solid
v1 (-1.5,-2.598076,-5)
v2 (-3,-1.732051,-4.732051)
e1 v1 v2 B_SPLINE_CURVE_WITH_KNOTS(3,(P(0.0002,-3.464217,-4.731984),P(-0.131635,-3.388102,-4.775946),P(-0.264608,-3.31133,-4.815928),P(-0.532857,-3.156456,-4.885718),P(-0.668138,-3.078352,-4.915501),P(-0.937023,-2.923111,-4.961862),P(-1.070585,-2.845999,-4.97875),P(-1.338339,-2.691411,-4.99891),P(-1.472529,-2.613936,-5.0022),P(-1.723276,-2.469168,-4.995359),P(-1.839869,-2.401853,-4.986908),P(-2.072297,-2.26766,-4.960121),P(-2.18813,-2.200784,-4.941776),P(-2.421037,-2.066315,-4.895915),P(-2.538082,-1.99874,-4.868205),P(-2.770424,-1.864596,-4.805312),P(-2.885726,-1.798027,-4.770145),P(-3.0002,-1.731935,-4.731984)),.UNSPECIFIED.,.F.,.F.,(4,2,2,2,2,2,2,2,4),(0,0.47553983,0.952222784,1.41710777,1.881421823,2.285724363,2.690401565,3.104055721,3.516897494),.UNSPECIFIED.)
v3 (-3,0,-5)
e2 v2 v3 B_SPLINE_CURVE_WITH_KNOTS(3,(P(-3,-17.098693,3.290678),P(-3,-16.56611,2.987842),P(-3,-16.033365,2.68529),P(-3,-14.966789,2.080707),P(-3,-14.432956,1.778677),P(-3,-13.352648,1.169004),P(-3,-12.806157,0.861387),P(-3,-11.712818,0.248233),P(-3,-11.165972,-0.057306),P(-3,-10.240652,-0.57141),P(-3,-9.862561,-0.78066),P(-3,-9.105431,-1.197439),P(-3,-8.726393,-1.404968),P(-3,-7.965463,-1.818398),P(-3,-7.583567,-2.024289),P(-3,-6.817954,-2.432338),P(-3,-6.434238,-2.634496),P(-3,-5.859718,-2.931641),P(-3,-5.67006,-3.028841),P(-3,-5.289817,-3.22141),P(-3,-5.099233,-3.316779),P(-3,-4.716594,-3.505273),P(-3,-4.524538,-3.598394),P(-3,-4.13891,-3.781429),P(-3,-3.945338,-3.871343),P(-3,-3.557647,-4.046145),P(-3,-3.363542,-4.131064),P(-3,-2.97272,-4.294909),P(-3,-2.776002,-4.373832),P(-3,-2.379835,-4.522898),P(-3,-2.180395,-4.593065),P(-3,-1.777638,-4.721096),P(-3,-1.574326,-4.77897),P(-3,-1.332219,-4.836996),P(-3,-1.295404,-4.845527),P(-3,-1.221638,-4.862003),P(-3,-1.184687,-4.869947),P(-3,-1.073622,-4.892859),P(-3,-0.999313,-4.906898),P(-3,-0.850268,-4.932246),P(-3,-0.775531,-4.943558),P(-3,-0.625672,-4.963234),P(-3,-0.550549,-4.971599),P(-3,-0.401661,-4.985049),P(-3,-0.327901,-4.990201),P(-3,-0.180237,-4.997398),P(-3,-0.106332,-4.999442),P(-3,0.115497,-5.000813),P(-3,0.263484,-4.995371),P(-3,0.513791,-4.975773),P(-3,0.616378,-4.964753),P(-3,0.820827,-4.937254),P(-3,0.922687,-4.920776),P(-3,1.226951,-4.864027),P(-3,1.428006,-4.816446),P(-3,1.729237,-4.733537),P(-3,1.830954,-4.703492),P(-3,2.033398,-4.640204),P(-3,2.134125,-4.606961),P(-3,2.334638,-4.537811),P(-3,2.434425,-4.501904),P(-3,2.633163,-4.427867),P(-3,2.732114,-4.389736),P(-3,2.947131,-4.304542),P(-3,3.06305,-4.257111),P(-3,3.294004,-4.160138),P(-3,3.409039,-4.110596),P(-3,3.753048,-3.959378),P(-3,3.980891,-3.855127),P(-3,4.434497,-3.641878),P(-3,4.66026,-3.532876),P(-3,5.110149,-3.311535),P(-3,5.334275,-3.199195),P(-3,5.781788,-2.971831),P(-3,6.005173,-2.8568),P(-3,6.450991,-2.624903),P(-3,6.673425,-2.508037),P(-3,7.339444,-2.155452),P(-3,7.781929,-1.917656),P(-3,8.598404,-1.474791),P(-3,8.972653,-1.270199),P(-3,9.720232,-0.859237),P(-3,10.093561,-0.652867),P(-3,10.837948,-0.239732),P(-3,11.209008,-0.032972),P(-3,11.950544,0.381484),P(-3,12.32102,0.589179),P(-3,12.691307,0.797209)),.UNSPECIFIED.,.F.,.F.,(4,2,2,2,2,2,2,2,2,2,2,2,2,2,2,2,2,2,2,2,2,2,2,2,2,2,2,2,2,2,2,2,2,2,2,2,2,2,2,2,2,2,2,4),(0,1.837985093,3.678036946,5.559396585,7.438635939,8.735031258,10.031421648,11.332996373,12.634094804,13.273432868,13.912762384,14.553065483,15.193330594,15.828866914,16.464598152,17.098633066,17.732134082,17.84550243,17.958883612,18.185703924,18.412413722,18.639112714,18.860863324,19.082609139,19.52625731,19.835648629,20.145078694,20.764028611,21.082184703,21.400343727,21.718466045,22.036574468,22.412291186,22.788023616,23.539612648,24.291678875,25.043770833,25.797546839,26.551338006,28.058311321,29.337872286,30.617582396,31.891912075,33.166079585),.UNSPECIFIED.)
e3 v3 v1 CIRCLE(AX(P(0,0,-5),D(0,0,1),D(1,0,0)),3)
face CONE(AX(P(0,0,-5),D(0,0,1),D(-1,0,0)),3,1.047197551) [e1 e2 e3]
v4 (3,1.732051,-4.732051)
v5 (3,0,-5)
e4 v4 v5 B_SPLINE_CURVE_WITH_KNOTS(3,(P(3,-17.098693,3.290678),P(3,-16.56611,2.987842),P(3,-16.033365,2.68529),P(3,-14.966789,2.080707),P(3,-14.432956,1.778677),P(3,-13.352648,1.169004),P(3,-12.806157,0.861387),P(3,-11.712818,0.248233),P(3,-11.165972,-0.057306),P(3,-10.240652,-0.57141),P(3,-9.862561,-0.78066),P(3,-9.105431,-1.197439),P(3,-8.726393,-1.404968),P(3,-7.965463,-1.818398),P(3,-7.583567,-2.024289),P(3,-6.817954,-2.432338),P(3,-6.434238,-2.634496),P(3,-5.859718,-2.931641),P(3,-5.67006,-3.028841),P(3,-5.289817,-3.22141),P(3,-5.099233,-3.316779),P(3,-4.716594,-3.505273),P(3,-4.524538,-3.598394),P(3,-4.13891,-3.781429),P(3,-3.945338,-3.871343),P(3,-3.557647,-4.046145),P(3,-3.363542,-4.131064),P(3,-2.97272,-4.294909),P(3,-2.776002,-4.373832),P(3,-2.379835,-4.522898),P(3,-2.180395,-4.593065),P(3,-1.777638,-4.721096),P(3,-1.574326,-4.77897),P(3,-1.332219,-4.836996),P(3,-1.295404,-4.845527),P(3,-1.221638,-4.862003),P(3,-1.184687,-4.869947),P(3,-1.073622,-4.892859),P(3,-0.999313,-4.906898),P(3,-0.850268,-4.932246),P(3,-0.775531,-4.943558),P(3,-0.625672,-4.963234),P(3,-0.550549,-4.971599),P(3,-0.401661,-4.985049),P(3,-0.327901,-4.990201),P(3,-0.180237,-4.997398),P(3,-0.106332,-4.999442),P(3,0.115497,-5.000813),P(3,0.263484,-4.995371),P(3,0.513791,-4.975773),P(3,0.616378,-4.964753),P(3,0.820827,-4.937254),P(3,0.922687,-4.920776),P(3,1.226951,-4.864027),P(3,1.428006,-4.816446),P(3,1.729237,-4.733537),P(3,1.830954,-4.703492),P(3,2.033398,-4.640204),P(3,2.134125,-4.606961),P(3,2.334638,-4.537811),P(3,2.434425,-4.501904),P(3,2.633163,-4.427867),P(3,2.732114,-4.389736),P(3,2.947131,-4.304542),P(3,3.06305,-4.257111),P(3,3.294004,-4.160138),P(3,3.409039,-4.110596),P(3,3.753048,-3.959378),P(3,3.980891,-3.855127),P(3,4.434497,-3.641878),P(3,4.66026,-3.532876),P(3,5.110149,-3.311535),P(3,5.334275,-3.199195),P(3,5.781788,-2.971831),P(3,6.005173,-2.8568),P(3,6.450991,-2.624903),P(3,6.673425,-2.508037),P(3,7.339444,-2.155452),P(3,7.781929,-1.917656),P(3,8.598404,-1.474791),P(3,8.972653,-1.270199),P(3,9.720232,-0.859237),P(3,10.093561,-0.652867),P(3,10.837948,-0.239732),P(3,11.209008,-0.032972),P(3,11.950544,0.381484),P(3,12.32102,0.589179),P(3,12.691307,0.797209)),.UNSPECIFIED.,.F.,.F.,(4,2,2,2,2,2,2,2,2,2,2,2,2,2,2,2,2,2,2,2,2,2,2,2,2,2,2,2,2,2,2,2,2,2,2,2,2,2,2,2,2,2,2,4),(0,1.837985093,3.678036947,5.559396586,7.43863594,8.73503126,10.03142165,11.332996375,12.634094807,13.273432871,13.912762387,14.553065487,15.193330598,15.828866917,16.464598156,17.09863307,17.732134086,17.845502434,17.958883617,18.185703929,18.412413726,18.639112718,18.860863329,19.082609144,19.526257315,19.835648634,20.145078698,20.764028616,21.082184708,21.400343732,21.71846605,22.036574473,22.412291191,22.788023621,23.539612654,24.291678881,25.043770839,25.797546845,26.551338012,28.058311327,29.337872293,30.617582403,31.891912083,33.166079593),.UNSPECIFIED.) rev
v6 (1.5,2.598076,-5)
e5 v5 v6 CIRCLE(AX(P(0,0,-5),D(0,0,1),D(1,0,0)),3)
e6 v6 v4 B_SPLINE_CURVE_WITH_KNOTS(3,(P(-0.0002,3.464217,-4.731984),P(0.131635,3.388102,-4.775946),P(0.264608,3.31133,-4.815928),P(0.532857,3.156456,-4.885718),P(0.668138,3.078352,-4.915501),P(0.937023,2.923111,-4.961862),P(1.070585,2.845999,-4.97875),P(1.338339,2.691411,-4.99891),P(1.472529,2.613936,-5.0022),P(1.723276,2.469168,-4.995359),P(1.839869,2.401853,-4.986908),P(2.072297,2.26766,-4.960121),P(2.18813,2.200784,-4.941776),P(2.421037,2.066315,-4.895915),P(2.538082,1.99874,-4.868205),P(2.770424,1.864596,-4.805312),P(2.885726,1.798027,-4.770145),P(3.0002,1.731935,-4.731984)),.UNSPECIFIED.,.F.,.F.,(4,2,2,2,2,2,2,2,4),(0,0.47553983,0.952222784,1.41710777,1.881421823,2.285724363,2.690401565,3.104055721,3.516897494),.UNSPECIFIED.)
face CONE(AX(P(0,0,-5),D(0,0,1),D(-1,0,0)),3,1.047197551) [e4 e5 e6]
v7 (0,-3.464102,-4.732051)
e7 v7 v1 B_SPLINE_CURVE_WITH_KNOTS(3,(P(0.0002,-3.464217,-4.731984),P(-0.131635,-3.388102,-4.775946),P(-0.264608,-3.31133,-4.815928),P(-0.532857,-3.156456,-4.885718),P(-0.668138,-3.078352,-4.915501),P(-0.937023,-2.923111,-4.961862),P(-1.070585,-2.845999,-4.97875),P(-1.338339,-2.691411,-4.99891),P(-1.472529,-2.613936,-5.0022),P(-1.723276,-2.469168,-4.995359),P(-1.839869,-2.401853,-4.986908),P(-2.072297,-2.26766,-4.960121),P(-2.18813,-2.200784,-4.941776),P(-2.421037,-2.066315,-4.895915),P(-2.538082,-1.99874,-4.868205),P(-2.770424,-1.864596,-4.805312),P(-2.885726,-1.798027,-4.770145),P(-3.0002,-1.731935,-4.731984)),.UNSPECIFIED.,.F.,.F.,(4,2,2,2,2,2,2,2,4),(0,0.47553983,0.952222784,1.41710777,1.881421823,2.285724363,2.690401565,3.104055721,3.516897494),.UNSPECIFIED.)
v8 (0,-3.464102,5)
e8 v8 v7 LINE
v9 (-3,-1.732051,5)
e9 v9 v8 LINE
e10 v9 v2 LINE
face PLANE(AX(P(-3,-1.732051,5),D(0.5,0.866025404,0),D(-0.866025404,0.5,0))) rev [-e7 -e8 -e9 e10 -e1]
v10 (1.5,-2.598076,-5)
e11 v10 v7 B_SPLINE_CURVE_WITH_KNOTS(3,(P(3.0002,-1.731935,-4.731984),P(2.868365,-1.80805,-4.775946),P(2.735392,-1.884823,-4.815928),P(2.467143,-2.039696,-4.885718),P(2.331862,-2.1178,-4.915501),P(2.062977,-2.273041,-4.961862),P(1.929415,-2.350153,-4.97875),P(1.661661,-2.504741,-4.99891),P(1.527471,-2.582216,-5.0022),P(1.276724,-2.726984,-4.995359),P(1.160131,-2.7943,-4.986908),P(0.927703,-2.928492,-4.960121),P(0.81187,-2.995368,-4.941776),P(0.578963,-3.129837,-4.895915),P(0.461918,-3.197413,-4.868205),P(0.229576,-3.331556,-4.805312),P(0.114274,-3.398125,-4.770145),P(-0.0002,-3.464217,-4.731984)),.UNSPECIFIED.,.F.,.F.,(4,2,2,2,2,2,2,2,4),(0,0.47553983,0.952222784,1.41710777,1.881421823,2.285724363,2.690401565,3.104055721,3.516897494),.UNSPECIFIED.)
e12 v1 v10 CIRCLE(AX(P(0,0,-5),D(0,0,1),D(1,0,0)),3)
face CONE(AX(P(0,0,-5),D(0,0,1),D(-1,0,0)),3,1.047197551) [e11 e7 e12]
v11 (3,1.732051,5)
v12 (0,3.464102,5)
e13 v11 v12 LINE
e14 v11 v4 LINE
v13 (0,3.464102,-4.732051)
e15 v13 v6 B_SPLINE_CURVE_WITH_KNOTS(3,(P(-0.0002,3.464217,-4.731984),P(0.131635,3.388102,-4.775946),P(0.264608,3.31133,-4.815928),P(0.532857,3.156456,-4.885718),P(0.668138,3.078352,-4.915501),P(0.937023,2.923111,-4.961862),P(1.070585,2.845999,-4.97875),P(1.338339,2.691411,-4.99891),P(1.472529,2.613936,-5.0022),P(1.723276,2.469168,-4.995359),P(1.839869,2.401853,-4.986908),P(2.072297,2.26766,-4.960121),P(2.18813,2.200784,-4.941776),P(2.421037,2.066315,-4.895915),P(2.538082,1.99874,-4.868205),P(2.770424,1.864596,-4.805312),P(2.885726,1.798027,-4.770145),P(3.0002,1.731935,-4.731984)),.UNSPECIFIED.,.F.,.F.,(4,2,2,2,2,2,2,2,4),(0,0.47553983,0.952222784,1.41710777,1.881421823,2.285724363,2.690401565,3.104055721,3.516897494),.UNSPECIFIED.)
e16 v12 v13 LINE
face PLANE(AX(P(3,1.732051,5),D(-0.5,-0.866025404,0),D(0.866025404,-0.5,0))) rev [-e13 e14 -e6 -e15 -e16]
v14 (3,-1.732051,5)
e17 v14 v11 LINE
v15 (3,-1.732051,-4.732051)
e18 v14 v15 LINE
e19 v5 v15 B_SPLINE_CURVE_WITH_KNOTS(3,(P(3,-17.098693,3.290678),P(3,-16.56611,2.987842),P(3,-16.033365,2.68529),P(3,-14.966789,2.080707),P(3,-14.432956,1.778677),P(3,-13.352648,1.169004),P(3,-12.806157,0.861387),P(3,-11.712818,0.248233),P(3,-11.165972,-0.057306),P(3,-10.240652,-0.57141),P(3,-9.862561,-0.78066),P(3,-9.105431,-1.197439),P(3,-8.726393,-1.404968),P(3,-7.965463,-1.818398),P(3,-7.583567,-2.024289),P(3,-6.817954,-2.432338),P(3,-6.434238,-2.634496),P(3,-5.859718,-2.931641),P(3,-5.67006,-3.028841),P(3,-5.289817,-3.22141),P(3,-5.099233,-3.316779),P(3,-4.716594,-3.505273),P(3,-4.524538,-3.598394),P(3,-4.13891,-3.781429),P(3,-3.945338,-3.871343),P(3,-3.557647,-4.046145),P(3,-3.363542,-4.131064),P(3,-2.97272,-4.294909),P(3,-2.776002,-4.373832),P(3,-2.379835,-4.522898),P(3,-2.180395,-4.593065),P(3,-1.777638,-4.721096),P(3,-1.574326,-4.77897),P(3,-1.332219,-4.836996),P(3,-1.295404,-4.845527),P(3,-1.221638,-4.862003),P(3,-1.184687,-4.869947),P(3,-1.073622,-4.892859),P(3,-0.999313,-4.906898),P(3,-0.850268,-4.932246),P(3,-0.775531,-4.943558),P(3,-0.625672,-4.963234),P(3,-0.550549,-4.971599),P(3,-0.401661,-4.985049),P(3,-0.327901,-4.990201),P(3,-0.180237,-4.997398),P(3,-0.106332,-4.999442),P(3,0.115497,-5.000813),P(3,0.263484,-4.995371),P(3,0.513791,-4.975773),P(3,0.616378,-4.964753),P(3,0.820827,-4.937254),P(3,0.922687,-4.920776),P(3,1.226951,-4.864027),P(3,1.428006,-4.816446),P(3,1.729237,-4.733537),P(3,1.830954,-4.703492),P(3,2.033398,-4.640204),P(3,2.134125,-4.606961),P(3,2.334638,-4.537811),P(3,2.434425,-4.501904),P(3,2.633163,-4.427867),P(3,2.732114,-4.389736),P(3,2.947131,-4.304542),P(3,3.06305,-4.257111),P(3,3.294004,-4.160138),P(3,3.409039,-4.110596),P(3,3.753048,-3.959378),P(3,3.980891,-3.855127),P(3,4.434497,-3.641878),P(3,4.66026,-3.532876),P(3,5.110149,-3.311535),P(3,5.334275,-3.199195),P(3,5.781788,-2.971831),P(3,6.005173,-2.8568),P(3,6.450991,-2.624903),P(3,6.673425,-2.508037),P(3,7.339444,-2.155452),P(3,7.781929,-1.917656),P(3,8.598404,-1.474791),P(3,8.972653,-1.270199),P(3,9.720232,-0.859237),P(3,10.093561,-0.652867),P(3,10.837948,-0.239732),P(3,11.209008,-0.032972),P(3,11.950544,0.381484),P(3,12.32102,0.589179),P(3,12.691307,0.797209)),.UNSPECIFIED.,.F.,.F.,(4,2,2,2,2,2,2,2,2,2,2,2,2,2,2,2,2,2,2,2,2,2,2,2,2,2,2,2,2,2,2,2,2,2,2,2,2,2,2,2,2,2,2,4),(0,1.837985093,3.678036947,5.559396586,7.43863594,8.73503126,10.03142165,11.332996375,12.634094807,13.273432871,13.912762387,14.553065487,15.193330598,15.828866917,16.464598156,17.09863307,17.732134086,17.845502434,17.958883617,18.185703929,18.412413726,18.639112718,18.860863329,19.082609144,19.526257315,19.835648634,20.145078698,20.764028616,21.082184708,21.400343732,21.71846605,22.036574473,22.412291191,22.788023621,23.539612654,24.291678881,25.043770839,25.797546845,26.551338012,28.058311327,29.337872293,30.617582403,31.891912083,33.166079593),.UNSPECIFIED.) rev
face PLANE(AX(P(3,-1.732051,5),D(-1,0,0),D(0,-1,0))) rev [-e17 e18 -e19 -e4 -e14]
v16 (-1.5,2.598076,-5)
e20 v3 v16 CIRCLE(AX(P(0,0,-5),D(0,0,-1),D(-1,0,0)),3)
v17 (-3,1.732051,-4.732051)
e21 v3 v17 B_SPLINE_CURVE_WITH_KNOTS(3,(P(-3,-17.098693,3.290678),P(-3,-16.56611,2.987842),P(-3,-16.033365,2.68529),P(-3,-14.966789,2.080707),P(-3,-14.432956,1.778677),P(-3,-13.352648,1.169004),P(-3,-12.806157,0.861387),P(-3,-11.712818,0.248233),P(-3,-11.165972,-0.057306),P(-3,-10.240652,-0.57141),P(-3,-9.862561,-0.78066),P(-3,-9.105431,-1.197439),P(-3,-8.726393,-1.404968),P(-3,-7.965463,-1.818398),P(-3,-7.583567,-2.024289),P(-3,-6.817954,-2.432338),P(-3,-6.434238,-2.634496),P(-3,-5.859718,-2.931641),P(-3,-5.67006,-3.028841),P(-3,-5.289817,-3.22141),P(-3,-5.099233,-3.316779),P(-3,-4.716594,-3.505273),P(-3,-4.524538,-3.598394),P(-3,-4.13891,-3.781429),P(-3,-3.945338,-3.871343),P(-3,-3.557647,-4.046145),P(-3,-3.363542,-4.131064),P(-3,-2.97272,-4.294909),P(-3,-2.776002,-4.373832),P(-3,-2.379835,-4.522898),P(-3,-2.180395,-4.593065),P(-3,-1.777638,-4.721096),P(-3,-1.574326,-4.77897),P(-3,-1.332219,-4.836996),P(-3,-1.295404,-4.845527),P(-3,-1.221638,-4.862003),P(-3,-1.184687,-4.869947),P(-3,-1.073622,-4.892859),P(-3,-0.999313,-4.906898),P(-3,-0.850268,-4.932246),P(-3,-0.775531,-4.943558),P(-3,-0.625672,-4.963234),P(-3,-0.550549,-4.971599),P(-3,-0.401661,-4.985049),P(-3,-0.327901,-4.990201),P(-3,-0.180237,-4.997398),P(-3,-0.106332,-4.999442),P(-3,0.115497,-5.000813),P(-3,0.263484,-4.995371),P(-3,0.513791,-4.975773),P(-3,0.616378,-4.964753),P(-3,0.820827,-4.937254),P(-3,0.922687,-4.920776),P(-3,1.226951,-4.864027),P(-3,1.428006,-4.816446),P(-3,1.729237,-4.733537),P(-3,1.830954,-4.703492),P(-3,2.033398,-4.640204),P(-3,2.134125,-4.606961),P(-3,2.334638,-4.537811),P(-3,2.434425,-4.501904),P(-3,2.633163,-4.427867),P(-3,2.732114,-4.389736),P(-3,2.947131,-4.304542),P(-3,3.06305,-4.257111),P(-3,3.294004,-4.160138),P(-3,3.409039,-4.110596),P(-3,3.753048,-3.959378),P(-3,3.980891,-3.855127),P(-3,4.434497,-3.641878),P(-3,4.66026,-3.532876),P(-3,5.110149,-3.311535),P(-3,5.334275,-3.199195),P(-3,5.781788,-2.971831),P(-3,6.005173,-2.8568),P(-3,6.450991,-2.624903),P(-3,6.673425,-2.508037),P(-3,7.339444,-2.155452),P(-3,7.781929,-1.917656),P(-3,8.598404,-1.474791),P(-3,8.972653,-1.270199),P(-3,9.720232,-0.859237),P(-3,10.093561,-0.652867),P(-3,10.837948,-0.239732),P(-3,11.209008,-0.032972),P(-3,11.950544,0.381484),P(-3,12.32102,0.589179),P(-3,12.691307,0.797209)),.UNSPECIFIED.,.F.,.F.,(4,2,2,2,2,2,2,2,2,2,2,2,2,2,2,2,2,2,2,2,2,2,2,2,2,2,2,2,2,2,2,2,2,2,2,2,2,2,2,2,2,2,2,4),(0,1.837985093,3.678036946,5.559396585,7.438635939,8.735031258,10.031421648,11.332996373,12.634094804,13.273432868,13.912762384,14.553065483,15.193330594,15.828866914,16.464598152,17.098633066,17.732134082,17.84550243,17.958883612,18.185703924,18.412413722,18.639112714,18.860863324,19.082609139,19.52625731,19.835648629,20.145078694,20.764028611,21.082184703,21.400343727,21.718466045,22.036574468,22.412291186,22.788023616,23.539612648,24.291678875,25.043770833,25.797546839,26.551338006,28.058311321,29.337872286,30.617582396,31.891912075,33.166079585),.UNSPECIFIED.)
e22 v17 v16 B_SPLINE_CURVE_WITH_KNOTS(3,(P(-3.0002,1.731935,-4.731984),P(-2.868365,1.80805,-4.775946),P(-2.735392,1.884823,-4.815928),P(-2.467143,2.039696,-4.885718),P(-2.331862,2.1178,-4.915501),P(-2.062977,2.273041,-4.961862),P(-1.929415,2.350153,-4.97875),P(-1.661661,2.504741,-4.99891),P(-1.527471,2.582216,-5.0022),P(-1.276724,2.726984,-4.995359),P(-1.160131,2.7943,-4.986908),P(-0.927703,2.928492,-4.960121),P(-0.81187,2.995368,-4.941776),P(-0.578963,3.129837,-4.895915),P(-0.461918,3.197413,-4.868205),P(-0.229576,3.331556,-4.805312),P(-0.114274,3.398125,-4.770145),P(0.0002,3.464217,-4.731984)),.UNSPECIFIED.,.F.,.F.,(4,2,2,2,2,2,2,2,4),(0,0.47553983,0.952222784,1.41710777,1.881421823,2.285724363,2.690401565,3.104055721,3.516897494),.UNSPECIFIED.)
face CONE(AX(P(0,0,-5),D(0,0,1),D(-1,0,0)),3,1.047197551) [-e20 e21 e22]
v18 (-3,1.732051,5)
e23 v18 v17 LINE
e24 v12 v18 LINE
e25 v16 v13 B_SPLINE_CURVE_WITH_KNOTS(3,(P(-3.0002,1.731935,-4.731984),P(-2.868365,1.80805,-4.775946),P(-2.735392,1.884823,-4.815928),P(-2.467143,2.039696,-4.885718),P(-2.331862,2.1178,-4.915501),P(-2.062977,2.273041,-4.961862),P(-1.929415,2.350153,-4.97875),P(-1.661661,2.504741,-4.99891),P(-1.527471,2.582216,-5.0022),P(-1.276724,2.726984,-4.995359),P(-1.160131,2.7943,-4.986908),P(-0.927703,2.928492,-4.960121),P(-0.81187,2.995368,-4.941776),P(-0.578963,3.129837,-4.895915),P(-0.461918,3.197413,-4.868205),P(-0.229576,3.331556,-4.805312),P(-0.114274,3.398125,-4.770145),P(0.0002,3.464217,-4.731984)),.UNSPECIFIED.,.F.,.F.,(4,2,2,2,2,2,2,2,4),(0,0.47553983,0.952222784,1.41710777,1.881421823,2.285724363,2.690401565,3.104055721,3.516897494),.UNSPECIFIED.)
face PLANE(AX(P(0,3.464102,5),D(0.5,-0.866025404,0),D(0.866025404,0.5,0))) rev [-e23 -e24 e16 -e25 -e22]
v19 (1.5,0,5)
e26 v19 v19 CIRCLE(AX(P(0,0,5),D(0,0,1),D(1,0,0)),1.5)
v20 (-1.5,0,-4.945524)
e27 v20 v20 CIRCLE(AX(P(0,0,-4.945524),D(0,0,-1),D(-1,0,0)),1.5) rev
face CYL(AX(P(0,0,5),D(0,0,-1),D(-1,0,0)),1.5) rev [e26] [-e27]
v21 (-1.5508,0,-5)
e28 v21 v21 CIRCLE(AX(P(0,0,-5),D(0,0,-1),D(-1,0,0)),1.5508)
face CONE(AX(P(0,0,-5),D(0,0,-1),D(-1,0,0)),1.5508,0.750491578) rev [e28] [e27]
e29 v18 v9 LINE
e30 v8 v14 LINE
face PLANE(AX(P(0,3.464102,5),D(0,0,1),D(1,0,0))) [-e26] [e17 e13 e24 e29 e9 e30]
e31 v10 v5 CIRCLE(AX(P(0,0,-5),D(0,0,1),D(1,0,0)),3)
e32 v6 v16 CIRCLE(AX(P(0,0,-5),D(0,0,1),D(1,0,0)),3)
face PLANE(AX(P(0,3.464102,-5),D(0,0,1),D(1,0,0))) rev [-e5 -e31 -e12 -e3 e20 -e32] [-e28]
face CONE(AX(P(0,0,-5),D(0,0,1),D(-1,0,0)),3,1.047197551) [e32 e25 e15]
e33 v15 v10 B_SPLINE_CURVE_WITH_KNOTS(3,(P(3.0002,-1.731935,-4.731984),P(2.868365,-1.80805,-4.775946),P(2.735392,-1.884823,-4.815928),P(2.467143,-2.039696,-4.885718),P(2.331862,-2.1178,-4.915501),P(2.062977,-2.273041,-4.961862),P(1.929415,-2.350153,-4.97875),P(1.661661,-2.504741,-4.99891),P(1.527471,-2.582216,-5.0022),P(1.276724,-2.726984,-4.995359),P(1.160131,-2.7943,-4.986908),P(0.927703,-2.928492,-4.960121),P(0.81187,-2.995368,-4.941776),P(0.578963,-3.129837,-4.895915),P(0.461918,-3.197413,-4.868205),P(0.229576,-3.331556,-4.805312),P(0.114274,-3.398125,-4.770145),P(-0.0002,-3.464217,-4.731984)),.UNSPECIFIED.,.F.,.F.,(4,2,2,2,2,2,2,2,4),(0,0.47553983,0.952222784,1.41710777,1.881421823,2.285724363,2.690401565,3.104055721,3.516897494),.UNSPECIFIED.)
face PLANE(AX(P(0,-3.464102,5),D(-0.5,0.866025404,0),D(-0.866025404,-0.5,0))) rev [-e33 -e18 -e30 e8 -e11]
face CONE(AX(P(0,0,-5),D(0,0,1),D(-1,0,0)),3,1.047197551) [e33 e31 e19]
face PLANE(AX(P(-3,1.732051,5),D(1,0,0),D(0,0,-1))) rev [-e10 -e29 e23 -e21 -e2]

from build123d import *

# Parameters (mm, degrees)
EXTRUDE1_DEPTH      = 5
EXTRUDE1_DEPTH_BACK = 5
SKETCH1_R           = 1.5
SKETCH8_OUTSIDE_W   = 52.282
SKETCH8_OUTSIDE_H   = 53.21
SKETCH8_OUTSIDE_R   = 3
EXTRUDE4_DEPTH      = 12
EXTRUDE4_DRAFT      = -60


with BuildPart() as part:
    # Sketch1 → Extrude1 (new, two sides: drawn at the far end of the back side and taken through both)
    with BuildSketch(Plane.XY.offset(-EXTRUDE1_DEPTH_BACK)):
        Polygon((0, 3.464101615), (-3, 1.732050808), (-3, -1.732050808), (0, -3.464101615), (3, -1.732050808), (3, 1.732050808), align=None)
        Circle(SKETCH1_R, mode=Mode.SUBTRACT)
    extrude(amount=EXTRUDE1_DEPTH + EXTRUDE1_DEPTH_BACK)

    # Extrude3 cone 1 section (through the dimple's axis) → Extrude3 (revolve, cut)
    with BuildSketch(Plane(origin=(0, 0, -5), x_dir=(0, 1, 0), z_dir=(1, 0, 0))):
        Polygon((0, 0), (1.5508, 0), (0, 1.663029396), align=None)
    revolve(axis=Axis((0, 0, -5), (0, 0, 1)), mode=Mode.SUBTRACT)


with BuildPart() as extrude4_tool:
    # Sketch8 outside → Extrude4 (with draft: the straight prism first)
    with BuildSketch(Plane(origin=(0, 0, -5), x_dir=(-1, 0, 0), z_dir=(0, 0, -1))):
        Rectangle(SKETCH8_OUTSIDE_W, SKETCH8_OUTSIDE_H)
        Circle(SKETCH8_OUTSIDE_R, mode=Mode.SUBTRACT)
    extrude(amount=-EXTRUDE4_DEPTH)
    # Extrude4: the draft: its side faces are tilted about the plane it starts from
    extrude4_sides = [extrude4_tool.faces().sort_by_distance(p)[0] for p in [
        (0, -26.605, 1),
        (-26.141, 0, 1),
        (0, 26.605, 1),
        (26.141, 0, 1),
        (3, 0, 1),
    ]]
    draft(extrude4_sides, Plane(origin=(0, 0, -5), x_dir=(-1, 0, 0), z_dir=(0, 0, -1)), EXTRUDE4_DRAFT)


with BuildPart() as part_1:
    add(part.part)

    # Extrude4: cut by extrude4_tool
    add(extrude4_tool.part, mode=Mode.SUBTRACT)


solid = part_1.part
